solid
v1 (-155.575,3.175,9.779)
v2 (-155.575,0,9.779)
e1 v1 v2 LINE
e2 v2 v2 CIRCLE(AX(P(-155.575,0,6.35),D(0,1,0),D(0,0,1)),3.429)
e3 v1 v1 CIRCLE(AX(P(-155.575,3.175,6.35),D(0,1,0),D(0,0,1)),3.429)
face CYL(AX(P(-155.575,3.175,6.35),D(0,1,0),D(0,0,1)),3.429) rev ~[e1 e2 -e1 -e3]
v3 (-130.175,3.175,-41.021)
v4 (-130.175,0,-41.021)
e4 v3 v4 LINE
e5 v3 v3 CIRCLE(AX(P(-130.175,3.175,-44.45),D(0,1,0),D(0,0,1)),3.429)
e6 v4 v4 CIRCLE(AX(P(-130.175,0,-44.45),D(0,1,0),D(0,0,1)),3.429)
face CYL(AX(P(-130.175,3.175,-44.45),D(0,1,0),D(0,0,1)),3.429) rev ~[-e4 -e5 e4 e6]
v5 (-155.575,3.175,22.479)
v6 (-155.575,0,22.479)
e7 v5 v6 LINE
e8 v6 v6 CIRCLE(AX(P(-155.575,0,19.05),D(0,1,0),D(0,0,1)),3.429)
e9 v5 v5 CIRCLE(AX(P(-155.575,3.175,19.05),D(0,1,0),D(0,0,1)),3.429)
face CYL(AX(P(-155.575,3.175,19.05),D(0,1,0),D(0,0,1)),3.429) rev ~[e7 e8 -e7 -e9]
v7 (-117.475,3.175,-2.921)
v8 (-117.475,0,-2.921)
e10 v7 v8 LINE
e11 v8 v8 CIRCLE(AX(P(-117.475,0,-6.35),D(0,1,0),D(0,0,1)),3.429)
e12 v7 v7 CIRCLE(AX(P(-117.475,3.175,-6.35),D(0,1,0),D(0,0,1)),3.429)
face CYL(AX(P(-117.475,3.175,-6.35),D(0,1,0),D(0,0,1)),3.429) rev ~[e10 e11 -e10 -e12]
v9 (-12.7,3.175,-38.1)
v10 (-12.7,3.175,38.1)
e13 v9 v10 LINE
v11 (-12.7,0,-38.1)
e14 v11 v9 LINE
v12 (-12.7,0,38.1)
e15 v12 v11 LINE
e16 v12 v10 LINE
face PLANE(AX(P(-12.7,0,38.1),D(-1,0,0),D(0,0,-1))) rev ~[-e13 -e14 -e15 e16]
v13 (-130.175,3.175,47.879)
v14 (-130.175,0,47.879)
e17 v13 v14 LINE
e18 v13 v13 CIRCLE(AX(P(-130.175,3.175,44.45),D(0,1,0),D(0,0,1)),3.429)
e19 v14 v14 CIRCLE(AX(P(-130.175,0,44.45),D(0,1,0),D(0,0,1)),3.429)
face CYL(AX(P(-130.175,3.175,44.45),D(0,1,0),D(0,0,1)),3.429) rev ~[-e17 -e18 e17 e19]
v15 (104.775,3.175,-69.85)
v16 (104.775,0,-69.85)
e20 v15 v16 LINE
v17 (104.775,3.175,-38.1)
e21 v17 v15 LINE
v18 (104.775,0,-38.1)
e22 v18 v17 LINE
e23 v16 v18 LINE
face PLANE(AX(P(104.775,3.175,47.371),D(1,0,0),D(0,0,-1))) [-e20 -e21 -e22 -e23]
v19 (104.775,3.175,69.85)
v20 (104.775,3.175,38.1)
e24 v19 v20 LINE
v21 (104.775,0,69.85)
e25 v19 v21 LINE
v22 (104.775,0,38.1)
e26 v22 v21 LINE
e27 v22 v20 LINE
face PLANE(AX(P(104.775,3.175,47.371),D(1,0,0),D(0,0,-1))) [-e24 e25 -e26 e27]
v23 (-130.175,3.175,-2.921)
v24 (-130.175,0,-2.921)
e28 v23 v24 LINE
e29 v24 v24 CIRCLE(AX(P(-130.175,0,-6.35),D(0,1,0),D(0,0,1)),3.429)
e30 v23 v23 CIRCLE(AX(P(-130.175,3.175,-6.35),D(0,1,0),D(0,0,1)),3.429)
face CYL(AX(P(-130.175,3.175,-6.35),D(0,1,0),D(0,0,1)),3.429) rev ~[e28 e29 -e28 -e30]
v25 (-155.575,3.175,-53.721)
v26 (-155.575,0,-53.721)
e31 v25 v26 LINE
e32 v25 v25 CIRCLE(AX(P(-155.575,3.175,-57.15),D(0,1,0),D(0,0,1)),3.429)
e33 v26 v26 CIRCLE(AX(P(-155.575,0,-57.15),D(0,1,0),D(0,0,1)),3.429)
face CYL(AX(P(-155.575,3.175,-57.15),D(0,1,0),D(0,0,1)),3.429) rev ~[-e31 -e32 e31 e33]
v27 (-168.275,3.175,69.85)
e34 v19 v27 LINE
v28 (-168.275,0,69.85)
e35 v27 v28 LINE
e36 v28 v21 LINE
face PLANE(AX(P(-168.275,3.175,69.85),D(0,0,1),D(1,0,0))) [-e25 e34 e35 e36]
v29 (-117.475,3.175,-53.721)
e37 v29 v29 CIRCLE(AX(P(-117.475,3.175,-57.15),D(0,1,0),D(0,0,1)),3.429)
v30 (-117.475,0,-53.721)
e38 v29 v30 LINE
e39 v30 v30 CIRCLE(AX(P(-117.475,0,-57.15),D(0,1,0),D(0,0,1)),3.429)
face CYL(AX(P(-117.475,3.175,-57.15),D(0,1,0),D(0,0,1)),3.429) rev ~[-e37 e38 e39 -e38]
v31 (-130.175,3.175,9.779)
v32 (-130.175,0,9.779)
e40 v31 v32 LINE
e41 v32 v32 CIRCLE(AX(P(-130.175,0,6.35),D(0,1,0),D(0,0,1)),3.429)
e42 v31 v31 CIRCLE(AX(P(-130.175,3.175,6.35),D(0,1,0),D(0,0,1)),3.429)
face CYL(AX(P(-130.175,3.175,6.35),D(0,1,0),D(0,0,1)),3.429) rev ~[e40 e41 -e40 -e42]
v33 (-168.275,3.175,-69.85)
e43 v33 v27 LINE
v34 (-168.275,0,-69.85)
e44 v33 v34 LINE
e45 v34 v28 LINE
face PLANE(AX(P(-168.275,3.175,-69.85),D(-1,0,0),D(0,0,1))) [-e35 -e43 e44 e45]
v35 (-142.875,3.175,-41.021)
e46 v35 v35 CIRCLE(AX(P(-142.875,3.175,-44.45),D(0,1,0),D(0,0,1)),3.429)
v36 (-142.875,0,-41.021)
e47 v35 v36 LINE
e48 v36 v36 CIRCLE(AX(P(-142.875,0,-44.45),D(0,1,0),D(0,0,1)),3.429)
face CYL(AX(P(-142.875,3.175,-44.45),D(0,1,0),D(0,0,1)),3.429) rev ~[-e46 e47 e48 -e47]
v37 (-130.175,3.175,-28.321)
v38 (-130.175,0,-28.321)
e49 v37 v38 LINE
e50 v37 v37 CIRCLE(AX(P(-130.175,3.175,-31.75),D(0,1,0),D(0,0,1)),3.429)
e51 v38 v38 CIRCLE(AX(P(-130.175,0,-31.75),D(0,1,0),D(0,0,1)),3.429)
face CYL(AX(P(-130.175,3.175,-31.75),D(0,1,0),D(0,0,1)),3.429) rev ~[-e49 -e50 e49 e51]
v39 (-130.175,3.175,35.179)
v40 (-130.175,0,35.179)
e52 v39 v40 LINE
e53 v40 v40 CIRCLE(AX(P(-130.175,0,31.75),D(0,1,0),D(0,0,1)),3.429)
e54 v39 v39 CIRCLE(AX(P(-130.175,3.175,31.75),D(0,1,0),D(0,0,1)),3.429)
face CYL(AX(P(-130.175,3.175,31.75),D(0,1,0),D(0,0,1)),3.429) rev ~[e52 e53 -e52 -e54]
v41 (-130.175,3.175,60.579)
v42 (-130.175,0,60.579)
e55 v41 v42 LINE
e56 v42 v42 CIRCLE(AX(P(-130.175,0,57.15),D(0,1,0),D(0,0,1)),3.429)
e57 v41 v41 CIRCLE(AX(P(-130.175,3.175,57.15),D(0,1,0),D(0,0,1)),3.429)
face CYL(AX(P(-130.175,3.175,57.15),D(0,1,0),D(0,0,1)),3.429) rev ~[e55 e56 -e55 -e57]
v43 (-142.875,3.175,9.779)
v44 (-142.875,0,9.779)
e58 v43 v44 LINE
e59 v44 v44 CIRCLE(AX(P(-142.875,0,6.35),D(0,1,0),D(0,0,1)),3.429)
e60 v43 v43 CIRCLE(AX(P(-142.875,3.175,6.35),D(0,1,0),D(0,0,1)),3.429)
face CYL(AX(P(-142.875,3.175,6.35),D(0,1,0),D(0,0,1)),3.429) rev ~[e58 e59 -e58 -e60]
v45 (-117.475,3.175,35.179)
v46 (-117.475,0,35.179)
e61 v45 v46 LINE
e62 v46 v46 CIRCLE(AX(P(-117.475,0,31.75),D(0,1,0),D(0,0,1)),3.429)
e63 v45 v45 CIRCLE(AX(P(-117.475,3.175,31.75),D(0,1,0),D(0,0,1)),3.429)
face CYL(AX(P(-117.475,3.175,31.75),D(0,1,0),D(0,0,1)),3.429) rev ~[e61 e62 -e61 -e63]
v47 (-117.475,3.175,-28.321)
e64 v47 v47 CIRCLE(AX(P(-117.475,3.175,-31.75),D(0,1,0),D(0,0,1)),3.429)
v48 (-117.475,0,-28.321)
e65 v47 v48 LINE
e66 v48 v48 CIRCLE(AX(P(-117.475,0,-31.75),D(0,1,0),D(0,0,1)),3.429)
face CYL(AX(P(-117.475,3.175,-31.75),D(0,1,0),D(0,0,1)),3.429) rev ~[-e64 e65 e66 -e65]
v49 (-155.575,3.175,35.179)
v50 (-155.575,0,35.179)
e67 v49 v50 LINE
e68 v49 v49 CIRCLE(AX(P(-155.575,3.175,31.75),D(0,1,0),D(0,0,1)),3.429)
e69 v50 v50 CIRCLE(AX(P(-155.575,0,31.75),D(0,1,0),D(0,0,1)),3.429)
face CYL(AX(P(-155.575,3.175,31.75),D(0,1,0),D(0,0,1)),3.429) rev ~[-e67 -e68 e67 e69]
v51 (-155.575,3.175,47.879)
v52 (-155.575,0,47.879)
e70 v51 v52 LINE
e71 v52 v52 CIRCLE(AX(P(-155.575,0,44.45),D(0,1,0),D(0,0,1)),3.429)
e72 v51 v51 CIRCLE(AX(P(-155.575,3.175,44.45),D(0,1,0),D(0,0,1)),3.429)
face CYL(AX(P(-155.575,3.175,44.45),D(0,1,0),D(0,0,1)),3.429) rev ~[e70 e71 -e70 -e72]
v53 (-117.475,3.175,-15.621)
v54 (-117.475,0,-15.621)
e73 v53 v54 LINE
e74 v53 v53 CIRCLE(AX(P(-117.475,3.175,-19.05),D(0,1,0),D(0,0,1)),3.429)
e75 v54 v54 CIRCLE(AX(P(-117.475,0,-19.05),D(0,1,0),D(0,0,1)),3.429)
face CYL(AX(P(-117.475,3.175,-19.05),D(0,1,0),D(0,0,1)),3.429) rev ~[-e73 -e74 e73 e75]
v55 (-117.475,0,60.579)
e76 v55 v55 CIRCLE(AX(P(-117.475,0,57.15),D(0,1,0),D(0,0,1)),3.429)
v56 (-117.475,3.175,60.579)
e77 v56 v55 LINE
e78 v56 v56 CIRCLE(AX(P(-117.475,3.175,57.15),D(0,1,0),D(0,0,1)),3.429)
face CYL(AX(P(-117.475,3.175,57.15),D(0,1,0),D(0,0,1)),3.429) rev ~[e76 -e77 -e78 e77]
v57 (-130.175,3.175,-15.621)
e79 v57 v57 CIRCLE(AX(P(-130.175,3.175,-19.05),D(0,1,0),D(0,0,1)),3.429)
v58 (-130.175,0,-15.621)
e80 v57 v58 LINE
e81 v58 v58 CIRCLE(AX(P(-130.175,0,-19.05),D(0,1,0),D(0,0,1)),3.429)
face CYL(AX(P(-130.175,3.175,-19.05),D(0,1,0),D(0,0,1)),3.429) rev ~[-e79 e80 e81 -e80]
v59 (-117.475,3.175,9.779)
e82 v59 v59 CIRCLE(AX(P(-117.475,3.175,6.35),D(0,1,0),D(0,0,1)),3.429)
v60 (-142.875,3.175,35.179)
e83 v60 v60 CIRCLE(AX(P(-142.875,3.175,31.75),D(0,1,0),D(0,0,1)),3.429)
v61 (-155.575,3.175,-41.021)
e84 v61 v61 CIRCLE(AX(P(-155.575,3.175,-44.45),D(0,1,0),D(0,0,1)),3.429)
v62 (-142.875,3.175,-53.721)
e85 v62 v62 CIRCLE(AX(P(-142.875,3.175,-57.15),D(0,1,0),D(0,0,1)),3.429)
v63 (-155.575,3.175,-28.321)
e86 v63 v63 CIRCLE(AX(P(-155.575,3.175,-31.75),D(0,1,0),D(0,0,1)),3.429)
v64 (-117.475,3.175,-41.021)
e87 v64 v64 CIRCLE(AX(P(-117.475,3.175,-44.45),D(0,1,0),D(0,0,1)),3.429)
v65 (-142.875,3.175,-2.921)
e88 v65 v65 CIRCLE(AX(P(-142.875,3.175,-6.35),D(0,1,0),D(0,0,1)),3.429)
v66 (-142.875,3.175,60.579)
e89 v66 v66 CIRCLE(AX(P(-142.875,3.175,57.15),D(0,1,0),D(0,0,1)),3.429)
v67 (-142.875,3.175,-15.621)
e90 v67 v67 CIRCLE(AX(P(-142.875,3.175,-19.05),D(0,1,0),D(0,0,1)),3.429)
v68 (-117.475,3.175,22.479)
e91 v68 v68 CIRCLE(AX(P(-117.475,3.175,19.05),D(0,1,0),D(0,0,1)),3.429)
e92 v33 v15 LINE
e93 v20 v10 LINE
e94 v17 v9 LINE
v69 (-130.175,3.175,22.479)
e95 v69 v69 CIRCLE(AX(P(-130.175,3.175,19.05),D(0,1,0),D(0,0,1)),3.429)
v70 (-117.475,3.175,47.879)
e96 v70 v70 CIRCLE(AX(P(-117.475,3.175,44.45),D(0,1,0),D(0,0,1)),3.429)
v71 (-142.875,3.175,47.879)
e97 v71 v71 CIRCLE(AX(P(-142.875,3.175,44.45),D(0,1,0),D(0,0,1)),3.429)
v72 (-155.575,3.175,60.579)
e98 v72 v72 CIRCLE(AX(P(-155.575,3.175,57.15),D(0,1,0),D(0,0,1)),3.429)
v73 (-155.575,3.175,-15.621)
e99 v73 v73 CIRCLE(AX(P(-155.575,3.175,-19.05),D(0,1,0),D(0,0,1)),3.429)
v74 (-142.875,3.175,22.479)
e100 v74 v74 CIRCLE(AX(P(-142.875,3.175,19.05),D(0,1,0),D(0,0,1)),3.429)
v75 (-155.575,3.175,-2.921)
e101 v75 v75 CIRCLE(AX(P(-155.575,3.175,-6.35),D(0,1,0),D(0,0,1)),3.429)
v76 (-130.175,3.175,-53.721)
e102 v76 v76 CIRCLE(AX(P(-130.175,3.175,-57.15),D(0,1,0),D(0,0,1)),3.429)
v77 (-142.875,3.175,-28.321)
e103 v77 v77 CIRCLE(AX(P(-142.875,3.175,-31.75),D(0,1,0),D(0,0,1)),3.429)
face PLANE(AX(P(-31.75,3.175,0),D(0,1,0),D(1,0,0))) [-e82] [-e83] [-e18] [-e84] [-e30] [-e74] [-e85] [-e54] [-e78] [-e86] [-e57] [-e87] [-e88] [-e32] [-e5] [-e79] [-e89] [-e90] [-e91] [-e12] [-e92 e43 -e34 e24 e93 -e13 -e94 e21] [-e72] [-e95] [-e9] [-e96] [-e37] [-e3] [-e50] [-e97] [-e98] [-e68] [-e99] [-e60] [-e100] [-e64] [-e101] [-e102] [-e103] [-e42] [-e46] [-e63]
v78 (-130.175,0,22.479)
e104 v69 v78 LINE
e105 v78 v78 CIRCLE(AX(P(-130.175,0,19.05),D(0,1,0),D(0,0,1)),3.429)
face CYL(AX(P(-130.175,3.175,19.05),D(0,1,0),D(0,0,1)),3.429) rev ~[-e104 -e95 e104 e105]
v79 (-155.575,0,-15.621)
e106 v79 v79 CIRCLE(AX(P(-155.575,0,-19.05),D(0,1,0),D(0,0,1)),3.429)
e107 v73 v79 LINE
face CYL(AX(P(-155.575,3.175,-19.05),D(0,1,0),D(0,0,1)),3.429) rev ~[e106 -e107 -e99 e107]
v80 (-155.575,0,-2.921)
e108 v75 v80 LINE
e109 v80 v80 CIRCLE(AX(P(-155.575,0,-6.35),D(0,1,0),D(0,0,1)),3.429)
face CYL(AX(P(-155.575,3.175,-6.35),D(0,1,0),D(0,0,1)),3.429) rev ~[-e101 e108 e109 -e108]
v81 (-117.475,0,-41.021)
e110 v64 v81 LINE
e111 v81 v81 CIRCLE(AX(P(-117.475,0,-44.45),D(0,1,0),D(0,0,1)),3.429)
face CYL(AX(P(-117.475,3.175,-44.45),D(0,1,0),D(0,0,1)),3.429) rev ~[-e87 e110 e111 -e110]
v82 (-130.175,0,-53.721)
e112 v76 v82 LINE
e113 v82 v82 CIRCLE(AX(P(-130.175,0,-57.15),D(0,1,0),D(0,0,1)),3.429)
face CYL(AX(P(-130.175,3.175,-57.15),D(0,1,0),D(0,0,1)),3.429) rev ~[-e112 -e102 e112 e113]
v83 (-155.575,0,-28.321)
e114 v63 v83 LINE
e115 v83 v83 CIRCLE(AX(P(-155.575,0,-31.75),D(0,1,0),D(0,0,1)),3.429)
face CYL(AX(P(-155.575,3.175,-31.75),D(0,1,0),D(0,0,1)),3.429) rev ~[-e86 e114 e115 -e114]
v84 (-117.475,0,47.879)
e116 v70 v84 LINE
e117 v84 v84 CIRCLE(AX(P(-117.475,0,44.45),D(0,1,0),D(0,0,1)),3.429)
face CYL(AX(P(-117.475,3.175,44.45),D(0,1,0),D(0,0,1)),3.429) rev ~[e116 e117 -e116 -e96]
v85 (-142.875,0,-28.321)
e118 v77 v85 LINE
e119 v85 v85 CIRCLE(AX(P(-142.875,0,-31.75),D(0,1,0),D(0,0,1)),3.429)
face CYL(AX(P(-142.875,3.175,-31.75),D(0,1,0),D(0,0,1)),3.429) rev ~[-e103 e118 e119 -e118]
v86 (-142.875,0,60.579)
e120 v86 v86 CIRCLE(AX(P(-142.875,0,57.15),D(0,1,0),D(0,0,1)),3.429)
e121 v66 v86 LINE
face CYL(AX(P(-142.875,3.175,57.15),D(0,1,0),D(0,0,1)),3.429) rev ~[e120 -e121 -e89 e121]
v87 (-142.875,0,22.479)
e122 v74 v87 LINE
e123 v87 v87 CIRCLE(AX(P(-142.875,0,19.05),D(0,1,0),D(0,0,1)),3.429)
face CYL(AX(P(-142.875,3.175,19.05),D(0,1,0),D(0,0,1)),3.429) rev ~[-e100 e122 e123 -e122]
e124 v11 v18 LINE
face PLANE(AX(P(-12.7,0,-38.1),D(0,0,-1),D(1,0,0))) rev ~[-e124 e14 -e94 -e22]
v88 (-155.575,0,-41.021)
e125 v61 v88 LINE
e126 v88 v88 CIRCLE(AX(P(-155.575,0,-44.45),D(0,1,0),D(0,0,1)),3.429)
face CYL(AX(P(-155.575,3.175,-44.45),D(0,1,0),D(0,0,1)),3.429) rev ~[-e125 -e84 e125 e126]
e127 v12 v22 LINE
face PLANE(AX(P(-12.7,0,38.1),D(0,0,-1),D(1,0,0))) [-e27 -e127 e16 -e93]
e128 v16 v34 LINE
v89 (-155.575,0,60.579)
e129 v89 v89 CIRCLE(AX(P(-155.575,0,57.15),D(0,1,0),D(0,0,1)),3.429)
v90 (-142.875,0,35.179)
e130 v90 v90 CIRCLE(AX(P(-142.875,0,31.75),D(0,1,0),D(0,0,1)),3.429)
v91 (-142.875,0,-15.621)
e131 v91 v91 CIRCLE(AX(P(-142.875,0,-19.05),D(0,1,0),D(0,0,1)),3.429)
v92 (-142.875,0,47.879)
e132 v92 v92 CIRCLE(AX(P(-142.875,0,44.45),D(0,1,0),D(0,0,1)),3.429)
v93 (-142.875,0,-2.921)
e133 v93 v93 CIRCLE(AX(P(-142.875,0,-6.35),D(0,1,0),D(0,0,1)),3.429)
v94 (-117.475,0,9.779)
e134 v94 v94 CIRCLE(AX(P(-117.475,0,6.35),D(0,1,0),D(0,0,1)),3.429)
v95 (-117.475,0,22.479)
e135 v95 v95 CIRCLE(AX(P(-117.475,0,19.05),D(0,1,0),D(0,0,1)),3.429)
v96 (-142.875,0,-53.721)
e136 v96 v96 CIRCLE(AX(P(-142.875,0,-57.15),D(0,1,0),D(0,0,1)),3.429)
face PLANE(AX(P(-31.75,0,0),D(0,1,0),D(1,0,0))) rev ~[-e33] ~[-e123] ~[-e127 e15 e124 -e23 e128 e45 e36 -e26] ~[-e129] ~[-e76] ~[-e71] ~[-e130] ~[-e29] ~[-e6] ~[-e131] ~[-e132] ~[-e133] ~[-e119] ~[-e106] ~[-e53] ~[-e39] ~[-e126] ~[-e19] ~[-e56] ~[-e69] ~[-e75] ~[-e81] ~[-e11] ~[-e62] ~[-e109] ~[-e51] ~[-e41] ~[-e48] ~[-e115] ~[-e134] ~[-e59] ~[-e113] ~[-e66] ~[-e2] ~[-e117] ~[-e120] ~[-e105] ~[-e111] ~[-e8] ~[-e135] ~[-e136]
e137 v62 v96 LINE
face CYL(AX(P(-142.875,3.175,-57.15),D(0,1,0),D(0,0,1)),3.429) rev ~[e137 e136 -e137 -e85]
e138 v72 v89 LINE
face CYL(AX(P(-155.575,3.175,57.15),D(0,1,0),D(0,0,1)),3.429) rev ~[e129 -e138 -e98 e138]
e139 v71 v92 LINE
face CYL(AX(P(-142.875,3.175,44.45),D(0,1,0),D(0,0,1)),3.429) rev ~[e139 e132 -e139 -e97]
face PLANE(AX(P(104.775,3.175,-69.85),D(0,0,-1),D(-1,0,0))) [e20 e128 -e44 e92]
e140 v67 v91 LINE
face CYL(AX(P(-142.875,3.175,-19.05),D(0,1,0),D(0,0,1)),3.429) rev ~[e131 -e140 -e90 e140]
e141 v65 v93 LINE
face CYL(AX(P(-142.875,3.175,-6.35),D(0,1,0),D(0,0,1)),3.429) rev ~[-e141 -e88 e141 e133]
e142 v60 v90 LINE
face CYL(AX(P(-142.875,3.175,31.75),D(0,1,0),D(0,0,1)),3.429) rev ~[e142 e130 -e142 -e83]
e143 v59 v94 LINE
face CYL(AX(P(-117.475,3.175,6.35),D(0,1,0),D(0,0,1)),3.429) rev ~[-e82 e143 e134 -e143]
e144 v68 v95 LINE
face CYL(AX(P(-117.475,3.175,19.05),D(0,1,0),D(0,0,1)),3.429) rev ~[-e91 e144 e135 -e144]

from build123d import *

# Parameters (mm, degrees)
SKETCH1_W           = 203.2
SKETCH1_H           = 133.35
BOSS_EXTRUDE1_DEPTH = 3.175
SKETCH3_W           = 35.687
SKETCH3_H           = 3.175
BOSS_EXTRUDE2_DEPTH = 3.175
SKETCH4_W           = 3.175
SKETCH4_H           = 18.542
BOSS_EXTRUDE3_DEPTH = 3.175
SKETCH5_R           = 3.429
BOSS_EXTRUDE4_DEPTH = 3.175
SKETCH8_W           = 127
SKETCH8_H           = 76.2
CUT_EXTRUDE4_DEPTH  = 183.223979624


with BuildPart() as part:
    # Sketch1 → Boss-Extrude1 (new body)
    with BuildSketch(Plane(origin=(0, 0, 0), x_dir=(1, 0, 0), z_dir=(0, 1, 0))):
        Rectangle(SKETCH1_W, SKETCH1_H)
    extrude(amount=BOSS_EXTRUDE1_DEPTH)

    # Sketch3 → Boss-Extrude2 (add)
    with BuildSketch(Plane(origin=(0, 3.175, 0), x_dir=(1, 0, 0), z_dir=(0, 1, 0))):
        with Locations((-61.2775, 68.2625)):
            Rectangle(SKETCH3_W, SKETCH3_H)
        with Locations((0.3175, 68.2625)):
            Rectangle(SKETCH3_W, SKETCH3_H)
        with Locations((61.9125, 68.2625)):
            Rectangle(SKETCH3_W, SKETCH3_H)
        with Locations((61.9125, -68.2625)):
            Rectangle(SKETCH3_W, SKETCH3_H)
        with Locations((0.3175, -68.2625)):
            Rectangle(SKETCH3_W, SKETCH3_H)
        with Locations((-61.2775, -68.2625)):
            Rectangle(SKETCH3_W, SKETCH3_H)
    extrude(amount=-BOSS_EXTRUDE2_DEPTH)

    # Sketch4 → Boss-Extrude3 (add)
    with BuildSketch(Plane(origin=(0, 3.175, 0), x_dir=(1, 0, 0), z_dir=(0, 1, 0))):
        with Locations((-103.1875, 38.1)):
            Rectangle(SKETCH4_W, SKETCH4_H)
        with Locations((-103.1875, 0)):
            Rectangle(SKETCH4_W, SKETCH4_H)
        with Locations((-103.1875, -38.1)):
            Rectangle(SKETCH4_W, SKETCH4_H)
        with Locations((103.1875, -38.1)):
            Rectangle(SKETCH4_W, SKETCH4_H)
        with Locations((103.1875, 0)):
            Rectangle(SKETCH4_W, SKETCH4_H)
        with Locations((103.1875, 38.1)):
            Rectangle(SKETCH4_W, SKETCH4_H)
    extrude(amount=-BOSS_EXTRUDE3_DEPTH)

    # Sketch5 → Boss-Extrude4 (add)
    with BuildSketch(Plane(origin=(0, 3.175, 0), x_dir=(1, 0, 0), z_dir=(0, 1, 0))):
        Polygon((-104.775, 69.85), (-168.275, 69.85), (-168.275, -69.85), (-104.775, -69.85), (104.775, -69.85), (104.775, 69.85), align=None)
        with Locations(Location((-117.475, 57.15, 0), (0, 0, 270))):
            Circle(SKETCH5_R, mode=Mode.SUBTRACT)
        with Locations(Location((-130.175, 57.15, 0), (0, 0, 270))):
            Circle(SKETCH5_R, mode=Mode.SUBTRACT)
        with Locations(Location((-142.875, 57.15, 0), (0, 0, 270))):
            Circle(SKETCH5_R, mode=Mode.SUBTRACT)
        with Locations(Location((-155.575, 57.15, 0), (0, 0, 270))):
            Circle(SKETCH5_R, mode=Mode.SUBTRACT)
        with Locations(Location((-130.175, 44.45, 0), (0, 0, 270))):
            Circle(SKETCH5_R, mode=Mode.SUBTRACT)
        with Locations(Location((-142.875, 44.45, 0), (0, 0, 270))):
            Circle(SKETCH5_R, mode=Mode.SUBTRACT)
        with Locations(Location((-155.575, 44.45, 0), (0, 0, 270))):
            Circle(SKETCH5_R, mode=Mode.SUBTRACT)
        with Locations(Location((-130.175, 31.75, 0), (0, 0, 270))):
            Circle(SKETCH5_R, mode=Mode.SUBTRACT)
        with Locations(Location((-142.875, 31.75, 0), (0, 0, 270))):
            Circle(SKETCH5_R, mode=Mode.SUBTRACT)
        with Locations(Location((-155.575, 31.75, 0), (0, 0, 270))):
            Circle(SKETCH5_R, mode=Mode.SUBTRACT)
        with Locations(Location((-130.175, 19.05, 0), (0, 0, 270))):
            Circle(SKETCH5_R, mode=Mode.SUBTRACT)
        with Locations(Location((-142.875, 19.05, 0), (0, 0, 270))):
            Circle(SKETCH5_R, mode=Mode.SUBTRACT)
        with Locations(Location((-155.575, 19.05, 0), (0, 0, 270))):
            Circle(SKETCH5_R, mode=Mode.SUBTRACT)
        with Locations(Location((-130.175, 6.35, 0), (0, 0, 270))):
            Circle(SKETCH5_R, mode=Mode.SUBTRACT)
        with Locations(Location((-142.875, 6.35, 0), (0, 0, 270))):
            Circle(SKETCH5_R, mode=Mode.SUBTRACT)
        with Locations(Location((-155.575, 6.35, 0), (0, 0, 270))):
            Circle(SKETCH5_R, mode=Mode.SUBTRACT)
        with Locations(Location((-130.175, -6.35, 0), (0, 0, 270))):
            Circle(SKETCH5_R, mode=Mode.SUBTRACT)
        with Locations(Location((-142.875, -6.35, 0), (0, 0, 270))):
            Circle(SKETCH5_R, mode=Mode.SUBTRACT)
        with Locations(Location((-155.575, -6.35, 0), (0, 0, 270))):
            Circle(SKETCH5_R, mode=Mode.SUBTRACT)
        with Locations(Location((-130.175, -19.05, 0), (0, 0, 270))):
            Circle(SKETCH5_R, mode=Mode.SUBTRACT)
        with Locations(Location((-142.875, -19.05, 0), (0, 0, 270))):
            Circle(SKETCH5_R, mode=Mode.SUBTRACT)
        with Locations(Location((-155.575, -19.05, 0), (0, 0, 270))):
            Circle(SKETCH5_R, mode=Mode.SUBTRACT)
        with Locations(Location((-130.175, -31.75, 0), (0, 0, 270))):
            Circle(SKETCH5_R, mode=Mode.SUBTRACT)
        with Locations(Location((-142.875, -31.75, 0), (0, 0, 270))):
            Circle(SKETCH5_R, mode=Mode.SUBTRACT)
        with Locations(Location((-155.575, -31.75, 0), (0, 0, 270))):
            Circle(SKETCH5_R, mode=Mode.SUBTRACT)
        with Locations(Location((-130.175, -44.45, 0), (0, 0, 270))):
            Circle(SKETCH5_R, mode=Mode.SUBTRACT)
        with Locations(Location((-142.875, -44.45, 0), (0, 0, 270))):
            Circle(SKETCH5_R, mode=Mode.SUBTRACT)
        with Locations(Location((-155.575, -44.45, 0), (0, 0, 270))):
            Circle(SKETCH5_R, mode=Mode.SUBTRACT)
        with Locations(Location((-130.175, -57.15, 0), (0, 0, 270))):
            Circle(SKETCH5_R, mode=Mode.SUBTRACT)
        with Locations(Location((-142.875, -57.15, 0), (0, 0, 270))):
            Circle(SKETCH5_R, mode=Mode.SUBTRACT)
        with Locations(Location((-155.575, -57.15, 0), (0, 0, 270))):
            Circle(SKETCH5_R, mode=Mode.SUBTRACT)
        with Locations(Location((-117.475, 44.45, 0), (0, 0, 270))):
            Circle(SKETCH5_R, mode=Mode.SUBTRACT)
        with Locations(Location((-117.475, 31.75, 0), (0, 0, 270))):
            Circle(SKETCH5_R, mode=Mode.SUBTRACT)
        with Locations(Location((-117.475, 19.05, 0), (0, 0, 270))):
            Circle(SKETCH5_R, mode=Mode.SUBTRACT)
        with Locations(Location((-117.475, 6.35, 0), (0, 0, 270))):
            Circle(SKETCH5_R, mode=Mode.SUBTRACT)
        with Locations(Location((-117.475, -6.35, 0), (0, 0, 270))):
            Circle(SKETCH5_R, mode=Mode.SUBTRACT)
        with Locations(Location((-117.475, -19.05, 0), (0, 0, 270))):
            Circle(SKETCH5_R, mode=Mode.SUBTRACT)
        with Locations(Location((-117.475, -31.75, 0), (0, 0, 270))):
            Circle(SKETCH5_R, mode=Mode.SUBTRACT)
        with Locations(Location((-117.475, -44.45, 0), (0, 0, 270))):
            Circle(SKETCH5_R, mode=Mode.SUBTRACT)
        with Locations(Location((-117.475, -57.15, 0), (0, 0, 270))):
            Circle(SKETCH5_R, mode=Mode.SUBTRACT)
    extrude(amount=-BOSS_EXTRUDE4_DEPTH)

    # Sketch8 → Cut-Extrude4 (cut, through all)
    with BuildSketch(Plane(origin=(0, 0, 0), x_dir=(1, 0, 0), z_dir=(0, 1, 0))):
        with Locations((50.8, 0)):
            Rectangle(SKETCH8_W, SKETCH8_H)
    extrude(amount=CUT_EXTRUDE4_DEPTH, mode=Mode.SUBTRACT)


solid = part.part
